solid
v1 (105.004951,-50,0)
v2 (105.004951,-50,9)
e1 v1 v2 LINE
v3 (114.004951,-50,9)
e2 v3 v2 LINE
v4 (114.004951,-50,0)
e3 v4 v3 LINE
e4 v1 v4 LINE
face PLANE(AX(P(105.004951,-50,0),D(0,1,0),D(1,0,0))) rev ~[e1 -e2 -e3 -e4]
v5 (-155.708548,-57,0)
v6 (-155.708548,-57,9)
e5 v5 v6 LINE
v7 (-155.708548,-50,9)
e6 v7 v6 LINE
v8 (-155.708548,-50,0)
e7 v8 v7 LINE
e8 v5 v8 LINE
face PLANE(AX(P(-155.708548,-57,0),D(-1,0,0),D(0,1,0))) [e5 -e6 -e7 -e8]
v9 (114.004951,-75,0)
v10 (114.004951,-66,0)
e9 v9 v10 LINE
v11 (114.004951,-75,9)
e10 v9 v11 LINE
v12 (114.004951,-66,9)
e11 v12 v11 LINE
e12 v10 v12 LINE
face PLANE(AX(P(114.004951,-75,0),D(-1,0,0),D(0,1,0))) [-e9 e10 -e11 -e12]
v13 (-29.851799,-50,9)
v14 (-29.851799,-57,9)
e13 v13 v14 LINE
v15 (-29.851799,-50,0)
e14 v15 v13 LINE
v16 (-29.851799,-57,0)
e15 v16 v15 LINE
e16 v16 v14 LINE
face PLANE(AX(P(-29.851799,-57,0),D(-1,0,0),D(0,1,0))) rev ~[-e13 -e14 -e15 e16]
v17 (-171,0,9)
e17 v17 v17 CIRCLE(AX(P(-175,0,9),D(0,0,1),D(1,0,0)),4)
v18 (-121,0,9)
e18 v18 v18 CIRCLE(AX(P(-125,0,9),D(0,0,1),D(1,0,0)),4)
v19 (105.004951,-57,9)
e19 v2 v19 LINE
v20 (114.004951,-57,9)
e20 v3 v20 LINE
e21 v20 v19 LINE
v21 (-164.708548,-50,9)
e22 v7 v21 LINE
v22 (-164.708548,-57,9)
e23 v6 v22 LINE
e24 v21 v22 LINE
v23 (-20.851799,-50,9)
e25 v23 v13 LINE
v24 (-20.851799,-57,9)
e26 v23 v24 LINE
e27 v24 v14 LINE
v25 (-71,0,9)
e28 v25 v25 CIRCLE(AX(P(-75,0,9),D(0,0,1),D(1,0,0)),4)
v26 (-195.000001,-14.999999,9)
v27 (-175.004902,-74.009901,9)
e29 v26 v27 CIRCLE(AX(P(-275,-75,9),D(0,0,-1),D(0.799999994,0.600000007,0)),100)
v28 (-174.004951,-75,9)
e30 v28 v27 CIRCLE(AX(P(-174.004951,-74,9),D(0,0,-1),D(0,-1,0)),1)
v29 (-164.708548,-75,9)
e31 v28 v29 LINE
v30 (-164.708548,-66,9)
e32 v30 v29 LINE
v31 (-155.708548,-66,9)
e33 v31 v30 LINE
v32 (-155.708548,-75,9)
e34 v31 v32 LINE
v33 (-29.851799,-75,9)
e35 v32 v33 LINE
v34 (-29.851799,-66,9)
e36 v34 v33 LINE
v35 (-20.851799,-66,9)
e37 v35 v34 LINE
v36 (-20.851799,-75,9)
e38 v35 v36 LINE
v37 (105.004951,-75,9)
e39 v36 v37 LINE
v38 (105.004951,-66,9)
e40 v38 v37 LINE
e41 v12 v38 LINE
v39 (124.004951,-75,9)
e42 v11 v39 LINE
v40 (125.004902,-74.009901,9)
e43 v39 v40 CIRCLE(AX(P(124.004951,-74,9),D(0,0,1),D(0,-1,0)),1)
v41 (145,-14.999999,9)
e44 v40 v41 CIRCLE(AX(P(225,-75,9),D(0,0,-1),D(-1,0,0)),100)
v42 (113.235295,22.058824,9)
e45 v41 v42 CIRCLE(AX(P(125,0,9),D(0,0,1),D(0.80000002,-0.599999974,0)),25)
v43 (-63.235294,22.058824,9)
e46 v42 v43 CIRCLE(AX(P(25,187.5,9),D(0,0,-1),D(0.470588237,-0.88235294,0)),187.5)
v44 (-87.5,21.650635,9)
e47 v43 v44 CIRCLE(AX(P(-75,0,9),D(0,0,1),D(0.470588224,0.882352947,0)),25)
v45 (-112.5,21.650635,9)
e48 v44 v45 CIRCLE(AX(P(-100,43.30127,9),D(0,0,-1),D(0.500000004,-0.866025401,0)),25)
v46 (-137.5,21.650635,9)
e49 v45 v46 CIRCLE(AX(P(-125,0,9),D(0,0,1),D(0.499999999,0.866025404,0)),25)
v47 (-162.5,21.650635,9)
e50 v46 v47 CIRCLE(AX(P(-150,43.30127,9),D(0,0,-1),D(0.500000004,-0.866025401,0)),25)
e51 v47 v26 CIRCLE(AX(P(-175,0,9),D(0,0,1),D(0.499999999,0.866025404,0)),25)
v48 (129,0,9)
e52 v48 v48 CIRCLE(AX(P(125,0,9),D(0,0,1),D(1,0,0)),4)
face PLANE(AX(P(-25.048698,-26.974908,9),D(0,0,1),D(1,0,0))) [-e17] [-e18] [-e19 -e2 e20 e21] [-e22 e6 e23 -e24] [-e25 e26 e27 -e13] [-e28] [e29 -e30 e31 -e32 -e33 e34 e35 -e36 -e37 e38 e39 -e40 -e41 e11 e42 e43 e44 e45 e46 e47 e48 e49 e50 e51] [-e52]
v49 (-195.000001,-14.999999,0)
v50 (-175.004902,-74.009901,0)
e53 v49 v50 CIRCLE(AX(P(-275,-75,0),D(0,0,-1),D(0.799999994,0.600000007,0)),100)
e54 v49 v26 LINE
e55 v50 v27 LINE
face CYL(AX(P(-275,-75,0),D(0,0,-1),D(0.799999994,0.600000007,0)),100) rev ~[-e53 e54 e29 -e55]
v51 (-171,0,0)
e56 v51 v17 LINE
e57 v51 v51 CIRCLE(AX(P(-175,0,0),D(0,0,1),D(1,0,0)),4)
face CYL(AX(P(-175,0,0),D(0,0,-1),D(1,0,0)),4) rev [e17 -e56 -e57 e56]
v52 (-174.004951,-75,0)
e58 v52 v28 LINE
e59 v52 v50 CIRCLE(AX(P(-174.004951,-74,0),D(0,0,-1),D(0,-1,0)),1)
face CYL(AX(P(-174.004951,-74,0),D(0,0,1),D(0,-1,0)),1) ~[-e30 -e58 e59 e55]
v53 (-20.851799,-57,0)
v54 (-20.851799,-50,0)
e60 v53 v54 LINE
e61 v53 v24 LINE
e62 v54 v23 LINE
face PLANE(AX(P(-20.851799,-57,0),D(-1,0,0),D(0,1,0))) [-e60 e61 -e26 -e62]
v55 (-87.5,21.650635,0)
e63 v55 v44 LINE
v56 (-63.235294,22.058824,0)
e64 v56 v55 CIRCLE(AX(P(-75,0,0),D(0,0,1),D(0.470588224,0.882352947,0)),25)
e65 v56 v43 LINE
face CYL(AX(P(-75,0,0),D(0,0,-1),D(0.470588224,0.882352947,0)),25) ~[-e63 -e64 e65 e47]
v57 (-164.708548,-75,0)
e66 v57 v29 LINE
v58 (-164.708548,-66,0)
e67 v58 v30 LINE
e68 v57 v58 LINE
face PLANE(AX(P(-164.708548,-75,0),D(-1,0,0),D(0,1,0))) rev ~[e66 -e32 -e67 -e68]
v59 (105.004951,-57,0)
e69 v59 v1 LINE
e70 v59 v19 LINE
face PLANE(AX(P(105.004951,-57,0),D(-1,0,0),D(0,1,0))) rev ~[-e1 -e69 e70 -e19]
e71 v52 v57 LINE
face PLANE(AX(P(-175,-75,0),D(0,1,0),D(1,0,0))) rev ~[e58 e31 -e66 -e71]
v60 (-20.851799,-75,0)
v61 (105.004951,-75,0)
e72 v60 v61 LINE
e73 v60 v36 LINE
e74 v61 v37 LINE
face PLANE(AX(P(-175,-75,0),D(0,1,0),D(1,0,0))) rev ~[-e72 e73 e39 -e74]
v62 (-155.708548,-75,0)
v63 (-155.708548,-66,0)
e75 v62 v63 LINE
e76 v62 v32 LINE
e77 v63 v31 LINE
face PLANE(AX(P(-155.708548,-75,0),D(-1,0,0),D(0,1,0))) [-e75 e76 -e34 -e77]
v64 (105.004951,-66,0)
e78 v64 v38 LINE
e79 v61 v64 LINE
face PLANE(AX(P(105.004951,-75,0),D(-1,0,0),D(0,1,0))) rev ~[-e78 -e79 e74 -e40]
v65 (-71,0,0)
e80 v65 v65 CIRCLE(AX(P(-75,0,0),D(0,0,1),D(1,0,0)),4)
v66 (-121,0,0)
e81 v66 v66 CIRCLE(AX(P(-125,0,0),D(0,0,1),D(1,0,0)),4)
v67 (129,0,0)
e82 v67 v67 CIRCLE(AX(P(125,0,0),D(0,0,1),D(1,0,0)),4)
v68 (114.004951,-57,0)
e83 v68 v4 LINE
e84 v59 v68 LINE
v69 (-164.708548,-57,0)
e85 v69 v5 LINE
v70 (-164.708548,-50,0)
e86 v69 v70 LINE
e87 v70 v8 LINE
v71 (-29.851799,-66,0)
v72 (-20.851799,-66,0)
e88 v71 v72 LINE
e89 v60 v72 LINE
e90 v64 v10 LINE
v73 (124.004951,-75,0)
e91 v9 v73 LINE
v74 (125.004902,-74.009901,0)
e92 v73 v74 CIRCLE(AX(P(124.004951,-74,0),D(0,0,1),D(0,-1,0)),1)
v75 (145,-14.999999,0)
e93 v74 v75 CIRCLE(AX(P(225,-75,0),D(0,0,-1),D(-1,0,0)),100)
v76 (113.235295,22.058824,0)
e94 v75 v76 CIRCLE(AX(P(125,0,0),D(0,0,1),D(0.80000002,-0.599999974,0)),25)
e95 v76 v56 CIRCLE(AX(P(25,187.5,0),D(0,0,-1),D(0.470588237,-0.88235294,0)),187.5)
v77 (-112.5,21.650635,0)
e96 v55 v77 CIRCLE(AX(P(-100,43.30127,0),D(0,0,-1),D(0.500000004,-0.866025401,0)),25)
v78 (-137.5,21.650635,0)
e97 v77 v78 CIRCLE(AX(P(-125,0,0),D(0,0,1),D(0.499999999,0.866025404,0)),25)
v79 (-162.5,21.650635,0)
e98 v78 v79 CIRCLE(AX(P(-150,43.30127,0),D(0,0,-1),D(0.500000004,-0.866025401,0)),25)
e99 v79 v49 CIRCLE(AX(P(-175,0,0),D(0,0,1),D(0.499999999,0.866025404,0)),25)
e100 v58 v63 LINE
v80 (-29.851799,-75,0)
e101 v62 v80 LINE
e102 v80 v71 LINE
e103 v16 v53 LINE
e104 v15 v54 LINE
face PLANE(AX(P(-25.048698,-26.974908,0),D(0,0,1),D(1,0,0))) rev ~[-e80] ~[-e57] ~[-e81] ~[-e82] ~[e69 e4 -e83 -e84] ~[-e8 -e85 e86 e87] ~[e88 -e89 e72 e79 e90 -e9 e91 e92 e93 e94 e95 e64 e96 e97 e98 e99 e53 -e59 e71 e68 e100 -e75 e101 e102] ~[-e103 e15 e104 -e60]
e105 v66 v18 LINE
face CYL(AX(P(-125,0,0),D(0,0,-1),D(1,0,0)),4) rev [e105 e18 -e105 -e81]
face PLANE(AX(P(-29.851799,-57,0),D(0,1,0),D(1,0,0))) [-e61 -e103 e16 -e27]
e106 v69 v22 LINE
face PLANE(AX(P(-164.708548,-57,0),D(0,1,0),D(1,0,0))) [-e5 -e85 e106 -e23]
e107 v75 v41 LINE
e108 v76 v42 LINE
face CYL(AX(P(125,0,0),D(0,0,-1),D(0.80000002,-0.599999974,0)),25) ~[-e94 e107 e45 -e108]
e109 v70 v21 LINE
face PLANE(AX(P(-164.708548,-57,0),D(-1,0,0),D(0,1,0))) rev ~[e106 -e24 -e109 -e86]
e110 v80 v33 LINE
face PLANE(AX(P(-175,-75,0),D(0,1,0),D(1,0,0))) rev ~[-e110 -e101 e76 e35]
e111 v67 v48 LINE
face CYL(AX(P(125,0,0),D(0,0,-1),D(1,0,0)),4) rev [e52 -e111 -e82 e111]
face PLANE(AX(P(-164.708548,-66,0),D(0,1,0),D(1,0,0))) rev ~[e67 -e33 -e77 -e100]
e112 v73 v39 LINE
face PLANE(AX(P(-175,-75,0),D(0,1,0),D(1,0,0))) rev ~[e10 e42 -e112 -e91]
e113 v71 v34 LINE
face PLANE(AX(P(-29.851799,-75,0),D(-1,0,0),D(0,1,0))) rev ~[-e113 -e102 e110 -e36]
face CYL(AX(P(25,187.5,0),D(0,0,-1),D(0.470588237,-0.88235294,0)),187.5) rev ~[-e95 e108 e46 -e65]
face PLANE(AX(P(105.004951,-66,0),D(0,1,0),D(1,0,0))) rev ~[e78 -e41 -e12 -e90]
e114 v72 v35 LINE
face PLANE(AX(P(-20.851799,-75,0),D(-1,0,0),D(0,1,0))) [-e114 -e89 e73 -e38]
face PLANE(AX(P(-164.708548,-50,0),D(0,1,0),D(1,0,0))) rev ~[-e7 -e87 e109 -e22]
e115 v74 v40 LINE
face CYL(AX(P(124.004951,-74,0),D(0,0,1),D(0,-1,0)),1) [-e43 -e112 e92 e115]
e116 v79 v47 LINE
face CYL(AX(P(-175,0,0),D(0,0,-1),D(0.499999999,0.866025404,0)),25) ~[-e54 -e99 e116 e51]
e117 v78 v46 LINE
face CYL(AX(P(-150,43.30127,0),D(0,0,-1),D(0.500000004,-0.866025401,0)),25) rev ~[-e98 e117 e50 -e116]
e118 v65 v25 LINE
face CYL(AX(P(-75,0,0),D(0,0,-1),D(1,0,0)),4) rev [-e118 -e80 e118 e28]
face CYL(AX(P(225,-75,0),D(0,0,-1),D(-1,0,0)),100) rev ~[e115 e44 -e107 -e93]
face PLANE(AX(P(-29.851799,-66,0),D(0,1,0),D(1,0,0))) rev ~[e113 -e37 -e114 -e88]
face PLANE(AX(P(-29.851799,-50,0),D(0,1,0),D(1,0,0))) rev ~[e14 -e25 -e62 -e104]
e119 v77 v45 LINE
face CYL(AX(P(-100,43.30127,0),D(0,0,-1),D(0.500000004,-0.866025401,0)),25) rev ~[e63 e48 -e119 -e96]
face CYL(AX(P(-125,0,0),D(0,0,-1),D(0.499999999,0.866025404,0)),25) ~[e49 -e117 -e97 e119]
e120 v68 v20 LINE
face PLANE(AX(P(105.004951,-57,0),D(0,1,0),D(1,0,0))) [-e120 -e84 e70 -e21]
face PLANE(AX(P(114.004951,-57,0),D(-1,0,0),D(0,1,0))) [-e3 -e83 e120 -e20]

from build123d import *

# Parameters (mm, degrees)
SKETCH1_R             = 8
SKETCH1_R_2           = 4
BOSS_EXTRUDE1_DEPTH   = 9
BOSS_EXTRUDE1_2_DEPTH = 9
SKETCH2_R             = 4
BOSS_EXTRUDE3_DEPTH   = 9
FILLET1_R             = 1
SKETCH3_W             = 9
SKETCH3_H             = 9
SKETCH3_H_2           = 7
CUT_EXTRUDE1_DEPTH    = 214.789616212


with BuildPart() as part:
    # Sketch1 → Boss-Extrude1 (new body)
    with BuildSketch(Plane.XY):
        with Locations((-125, 0)):
            Circle(SKETCH1_R)
        with Locations((-125, 0)):
            Circle(SKETCH1_R_2, mode=Mode.SUBTRACT)
    extrude(amount=BOSS_EXTRUDE1_DEPTH)



with BuildPart() as body_2:
    # Sketch1 → Boss-Extrude1 2 (new body)
    with BuildSketch(Plane.XY):
        with Locations((125, 0)):
            Circle(SKETCH1_R)
        with Locations((125, 0)):
            Circle(SKETCH1_R_2, mode=Mode.SUBTRACT)
    extrude(amount=BOSS_EXTRUDE1_2_DEPTH)


with BuildPart() as part_1:
    add(part.part)

    add(body_2.part)  # Boss-Extrude3 merges body 2
    # Sketch2 → Boss-Extrude3 (add)
    with BuildSketch(Plane.XY):
        with BuildLine():
            Line((-175, -75), (125, -75))
            ThreePointArc((125, -75), (130.131670325, -43.377223009), (145.000000492, -14.999999344))
            ThreePointArc((145.000000492, -14.999999344), (143.981414944, 16.269784471), (113.235294528, 22.058823748))
            ThreePointArc((113.235294528, 22.058823748), (25.000000075, 0), (-63.235294395, 22.058823677))
            ThreePointArc((-63.235294395, 22.058823677), (-75.420498385, 24.996463372), (-87.499999896, 21.650635154))
            ThreePointArc((-87.499999896, 21.650635154), (-99.999999954, 18.301270189), (-112.500000024, 21.650635108))
            ThreePointArc((-112.500000024, 21.650635108), (-124.99999995, 25), (-137.49999989, 21.650635158))
            ThreePointArc((-137.49999989, 21.650635158), (-149.999999954, 18.301270189), (-162.50000003, 21.650635112))
            ThreePointArc((-162.50000003, 21.650635112), (-193.705072901, 16.586749162), (-195.000000551, -14.999999265))
            ThreePointArc((-195.000000551, -14.999999265), (-180.13167034, -43.377222962), (-175, -75))
        make_face()
        with Locations((125, 0)):
            Circle(SKETCH2_R, mode=Mode.SUBTRACT)
        with Locations((-175, 0)):
            Circle(SKETCH2_R, mode=Mode.SUBTRACT)
        with Locations((-125, 0)):
            Circle(SKETCH2_R, mode=Mode.SUBTRACT)
        with Locations((-75, 0)):
            Circle(SKETCH2_R, mode=Mode.SUBTRACT)
    extrude(amount=BOSS_EXTRUDE3_DEPTH)

    # Fillet1
    fillet1_edges = [part_1.edges().sort_by_distance(p)[0] for p in [
        (-175, -75, 4.5),
        (125, -75, 4.5),
    ]]
    fillet(fillet1_edges, radius=FILLET1_R)

    # Sketch3 → Cut-Extrude1 (cut, through all)
    with BuildSketch(Plane.XY):
        with Locations((-160.208548161, -70.5)):
            Rectangle(SKETCH3_W, SKETCH3_H)
        with Locations((-25.351798772, -70.5)):
            Rectangle(SKETCH3_W, SKETCH3_H)
        with Locations((109.504950616, -70.5)):
            Rectangle(SKETCH3_W, SKETCH3_H)
        with Locations((-160.208548161, -53.5)):
            Rectangle(SKETCH3_W, SKETCH3_H_2)
        with Locations((-25.351798772, -53.5)):
            Rectangle(SKETCH3_W, SKETCH3_H_2)
        with Locations((109.504950616, -53.5)):
            Rectangle(SKETCH3_W, SKETCH3_H_2)
    extrude(amount=CUT_EXTRUDE1_DEPTH, mode=Mode.SUBTRACT)


solid = part_1.part
